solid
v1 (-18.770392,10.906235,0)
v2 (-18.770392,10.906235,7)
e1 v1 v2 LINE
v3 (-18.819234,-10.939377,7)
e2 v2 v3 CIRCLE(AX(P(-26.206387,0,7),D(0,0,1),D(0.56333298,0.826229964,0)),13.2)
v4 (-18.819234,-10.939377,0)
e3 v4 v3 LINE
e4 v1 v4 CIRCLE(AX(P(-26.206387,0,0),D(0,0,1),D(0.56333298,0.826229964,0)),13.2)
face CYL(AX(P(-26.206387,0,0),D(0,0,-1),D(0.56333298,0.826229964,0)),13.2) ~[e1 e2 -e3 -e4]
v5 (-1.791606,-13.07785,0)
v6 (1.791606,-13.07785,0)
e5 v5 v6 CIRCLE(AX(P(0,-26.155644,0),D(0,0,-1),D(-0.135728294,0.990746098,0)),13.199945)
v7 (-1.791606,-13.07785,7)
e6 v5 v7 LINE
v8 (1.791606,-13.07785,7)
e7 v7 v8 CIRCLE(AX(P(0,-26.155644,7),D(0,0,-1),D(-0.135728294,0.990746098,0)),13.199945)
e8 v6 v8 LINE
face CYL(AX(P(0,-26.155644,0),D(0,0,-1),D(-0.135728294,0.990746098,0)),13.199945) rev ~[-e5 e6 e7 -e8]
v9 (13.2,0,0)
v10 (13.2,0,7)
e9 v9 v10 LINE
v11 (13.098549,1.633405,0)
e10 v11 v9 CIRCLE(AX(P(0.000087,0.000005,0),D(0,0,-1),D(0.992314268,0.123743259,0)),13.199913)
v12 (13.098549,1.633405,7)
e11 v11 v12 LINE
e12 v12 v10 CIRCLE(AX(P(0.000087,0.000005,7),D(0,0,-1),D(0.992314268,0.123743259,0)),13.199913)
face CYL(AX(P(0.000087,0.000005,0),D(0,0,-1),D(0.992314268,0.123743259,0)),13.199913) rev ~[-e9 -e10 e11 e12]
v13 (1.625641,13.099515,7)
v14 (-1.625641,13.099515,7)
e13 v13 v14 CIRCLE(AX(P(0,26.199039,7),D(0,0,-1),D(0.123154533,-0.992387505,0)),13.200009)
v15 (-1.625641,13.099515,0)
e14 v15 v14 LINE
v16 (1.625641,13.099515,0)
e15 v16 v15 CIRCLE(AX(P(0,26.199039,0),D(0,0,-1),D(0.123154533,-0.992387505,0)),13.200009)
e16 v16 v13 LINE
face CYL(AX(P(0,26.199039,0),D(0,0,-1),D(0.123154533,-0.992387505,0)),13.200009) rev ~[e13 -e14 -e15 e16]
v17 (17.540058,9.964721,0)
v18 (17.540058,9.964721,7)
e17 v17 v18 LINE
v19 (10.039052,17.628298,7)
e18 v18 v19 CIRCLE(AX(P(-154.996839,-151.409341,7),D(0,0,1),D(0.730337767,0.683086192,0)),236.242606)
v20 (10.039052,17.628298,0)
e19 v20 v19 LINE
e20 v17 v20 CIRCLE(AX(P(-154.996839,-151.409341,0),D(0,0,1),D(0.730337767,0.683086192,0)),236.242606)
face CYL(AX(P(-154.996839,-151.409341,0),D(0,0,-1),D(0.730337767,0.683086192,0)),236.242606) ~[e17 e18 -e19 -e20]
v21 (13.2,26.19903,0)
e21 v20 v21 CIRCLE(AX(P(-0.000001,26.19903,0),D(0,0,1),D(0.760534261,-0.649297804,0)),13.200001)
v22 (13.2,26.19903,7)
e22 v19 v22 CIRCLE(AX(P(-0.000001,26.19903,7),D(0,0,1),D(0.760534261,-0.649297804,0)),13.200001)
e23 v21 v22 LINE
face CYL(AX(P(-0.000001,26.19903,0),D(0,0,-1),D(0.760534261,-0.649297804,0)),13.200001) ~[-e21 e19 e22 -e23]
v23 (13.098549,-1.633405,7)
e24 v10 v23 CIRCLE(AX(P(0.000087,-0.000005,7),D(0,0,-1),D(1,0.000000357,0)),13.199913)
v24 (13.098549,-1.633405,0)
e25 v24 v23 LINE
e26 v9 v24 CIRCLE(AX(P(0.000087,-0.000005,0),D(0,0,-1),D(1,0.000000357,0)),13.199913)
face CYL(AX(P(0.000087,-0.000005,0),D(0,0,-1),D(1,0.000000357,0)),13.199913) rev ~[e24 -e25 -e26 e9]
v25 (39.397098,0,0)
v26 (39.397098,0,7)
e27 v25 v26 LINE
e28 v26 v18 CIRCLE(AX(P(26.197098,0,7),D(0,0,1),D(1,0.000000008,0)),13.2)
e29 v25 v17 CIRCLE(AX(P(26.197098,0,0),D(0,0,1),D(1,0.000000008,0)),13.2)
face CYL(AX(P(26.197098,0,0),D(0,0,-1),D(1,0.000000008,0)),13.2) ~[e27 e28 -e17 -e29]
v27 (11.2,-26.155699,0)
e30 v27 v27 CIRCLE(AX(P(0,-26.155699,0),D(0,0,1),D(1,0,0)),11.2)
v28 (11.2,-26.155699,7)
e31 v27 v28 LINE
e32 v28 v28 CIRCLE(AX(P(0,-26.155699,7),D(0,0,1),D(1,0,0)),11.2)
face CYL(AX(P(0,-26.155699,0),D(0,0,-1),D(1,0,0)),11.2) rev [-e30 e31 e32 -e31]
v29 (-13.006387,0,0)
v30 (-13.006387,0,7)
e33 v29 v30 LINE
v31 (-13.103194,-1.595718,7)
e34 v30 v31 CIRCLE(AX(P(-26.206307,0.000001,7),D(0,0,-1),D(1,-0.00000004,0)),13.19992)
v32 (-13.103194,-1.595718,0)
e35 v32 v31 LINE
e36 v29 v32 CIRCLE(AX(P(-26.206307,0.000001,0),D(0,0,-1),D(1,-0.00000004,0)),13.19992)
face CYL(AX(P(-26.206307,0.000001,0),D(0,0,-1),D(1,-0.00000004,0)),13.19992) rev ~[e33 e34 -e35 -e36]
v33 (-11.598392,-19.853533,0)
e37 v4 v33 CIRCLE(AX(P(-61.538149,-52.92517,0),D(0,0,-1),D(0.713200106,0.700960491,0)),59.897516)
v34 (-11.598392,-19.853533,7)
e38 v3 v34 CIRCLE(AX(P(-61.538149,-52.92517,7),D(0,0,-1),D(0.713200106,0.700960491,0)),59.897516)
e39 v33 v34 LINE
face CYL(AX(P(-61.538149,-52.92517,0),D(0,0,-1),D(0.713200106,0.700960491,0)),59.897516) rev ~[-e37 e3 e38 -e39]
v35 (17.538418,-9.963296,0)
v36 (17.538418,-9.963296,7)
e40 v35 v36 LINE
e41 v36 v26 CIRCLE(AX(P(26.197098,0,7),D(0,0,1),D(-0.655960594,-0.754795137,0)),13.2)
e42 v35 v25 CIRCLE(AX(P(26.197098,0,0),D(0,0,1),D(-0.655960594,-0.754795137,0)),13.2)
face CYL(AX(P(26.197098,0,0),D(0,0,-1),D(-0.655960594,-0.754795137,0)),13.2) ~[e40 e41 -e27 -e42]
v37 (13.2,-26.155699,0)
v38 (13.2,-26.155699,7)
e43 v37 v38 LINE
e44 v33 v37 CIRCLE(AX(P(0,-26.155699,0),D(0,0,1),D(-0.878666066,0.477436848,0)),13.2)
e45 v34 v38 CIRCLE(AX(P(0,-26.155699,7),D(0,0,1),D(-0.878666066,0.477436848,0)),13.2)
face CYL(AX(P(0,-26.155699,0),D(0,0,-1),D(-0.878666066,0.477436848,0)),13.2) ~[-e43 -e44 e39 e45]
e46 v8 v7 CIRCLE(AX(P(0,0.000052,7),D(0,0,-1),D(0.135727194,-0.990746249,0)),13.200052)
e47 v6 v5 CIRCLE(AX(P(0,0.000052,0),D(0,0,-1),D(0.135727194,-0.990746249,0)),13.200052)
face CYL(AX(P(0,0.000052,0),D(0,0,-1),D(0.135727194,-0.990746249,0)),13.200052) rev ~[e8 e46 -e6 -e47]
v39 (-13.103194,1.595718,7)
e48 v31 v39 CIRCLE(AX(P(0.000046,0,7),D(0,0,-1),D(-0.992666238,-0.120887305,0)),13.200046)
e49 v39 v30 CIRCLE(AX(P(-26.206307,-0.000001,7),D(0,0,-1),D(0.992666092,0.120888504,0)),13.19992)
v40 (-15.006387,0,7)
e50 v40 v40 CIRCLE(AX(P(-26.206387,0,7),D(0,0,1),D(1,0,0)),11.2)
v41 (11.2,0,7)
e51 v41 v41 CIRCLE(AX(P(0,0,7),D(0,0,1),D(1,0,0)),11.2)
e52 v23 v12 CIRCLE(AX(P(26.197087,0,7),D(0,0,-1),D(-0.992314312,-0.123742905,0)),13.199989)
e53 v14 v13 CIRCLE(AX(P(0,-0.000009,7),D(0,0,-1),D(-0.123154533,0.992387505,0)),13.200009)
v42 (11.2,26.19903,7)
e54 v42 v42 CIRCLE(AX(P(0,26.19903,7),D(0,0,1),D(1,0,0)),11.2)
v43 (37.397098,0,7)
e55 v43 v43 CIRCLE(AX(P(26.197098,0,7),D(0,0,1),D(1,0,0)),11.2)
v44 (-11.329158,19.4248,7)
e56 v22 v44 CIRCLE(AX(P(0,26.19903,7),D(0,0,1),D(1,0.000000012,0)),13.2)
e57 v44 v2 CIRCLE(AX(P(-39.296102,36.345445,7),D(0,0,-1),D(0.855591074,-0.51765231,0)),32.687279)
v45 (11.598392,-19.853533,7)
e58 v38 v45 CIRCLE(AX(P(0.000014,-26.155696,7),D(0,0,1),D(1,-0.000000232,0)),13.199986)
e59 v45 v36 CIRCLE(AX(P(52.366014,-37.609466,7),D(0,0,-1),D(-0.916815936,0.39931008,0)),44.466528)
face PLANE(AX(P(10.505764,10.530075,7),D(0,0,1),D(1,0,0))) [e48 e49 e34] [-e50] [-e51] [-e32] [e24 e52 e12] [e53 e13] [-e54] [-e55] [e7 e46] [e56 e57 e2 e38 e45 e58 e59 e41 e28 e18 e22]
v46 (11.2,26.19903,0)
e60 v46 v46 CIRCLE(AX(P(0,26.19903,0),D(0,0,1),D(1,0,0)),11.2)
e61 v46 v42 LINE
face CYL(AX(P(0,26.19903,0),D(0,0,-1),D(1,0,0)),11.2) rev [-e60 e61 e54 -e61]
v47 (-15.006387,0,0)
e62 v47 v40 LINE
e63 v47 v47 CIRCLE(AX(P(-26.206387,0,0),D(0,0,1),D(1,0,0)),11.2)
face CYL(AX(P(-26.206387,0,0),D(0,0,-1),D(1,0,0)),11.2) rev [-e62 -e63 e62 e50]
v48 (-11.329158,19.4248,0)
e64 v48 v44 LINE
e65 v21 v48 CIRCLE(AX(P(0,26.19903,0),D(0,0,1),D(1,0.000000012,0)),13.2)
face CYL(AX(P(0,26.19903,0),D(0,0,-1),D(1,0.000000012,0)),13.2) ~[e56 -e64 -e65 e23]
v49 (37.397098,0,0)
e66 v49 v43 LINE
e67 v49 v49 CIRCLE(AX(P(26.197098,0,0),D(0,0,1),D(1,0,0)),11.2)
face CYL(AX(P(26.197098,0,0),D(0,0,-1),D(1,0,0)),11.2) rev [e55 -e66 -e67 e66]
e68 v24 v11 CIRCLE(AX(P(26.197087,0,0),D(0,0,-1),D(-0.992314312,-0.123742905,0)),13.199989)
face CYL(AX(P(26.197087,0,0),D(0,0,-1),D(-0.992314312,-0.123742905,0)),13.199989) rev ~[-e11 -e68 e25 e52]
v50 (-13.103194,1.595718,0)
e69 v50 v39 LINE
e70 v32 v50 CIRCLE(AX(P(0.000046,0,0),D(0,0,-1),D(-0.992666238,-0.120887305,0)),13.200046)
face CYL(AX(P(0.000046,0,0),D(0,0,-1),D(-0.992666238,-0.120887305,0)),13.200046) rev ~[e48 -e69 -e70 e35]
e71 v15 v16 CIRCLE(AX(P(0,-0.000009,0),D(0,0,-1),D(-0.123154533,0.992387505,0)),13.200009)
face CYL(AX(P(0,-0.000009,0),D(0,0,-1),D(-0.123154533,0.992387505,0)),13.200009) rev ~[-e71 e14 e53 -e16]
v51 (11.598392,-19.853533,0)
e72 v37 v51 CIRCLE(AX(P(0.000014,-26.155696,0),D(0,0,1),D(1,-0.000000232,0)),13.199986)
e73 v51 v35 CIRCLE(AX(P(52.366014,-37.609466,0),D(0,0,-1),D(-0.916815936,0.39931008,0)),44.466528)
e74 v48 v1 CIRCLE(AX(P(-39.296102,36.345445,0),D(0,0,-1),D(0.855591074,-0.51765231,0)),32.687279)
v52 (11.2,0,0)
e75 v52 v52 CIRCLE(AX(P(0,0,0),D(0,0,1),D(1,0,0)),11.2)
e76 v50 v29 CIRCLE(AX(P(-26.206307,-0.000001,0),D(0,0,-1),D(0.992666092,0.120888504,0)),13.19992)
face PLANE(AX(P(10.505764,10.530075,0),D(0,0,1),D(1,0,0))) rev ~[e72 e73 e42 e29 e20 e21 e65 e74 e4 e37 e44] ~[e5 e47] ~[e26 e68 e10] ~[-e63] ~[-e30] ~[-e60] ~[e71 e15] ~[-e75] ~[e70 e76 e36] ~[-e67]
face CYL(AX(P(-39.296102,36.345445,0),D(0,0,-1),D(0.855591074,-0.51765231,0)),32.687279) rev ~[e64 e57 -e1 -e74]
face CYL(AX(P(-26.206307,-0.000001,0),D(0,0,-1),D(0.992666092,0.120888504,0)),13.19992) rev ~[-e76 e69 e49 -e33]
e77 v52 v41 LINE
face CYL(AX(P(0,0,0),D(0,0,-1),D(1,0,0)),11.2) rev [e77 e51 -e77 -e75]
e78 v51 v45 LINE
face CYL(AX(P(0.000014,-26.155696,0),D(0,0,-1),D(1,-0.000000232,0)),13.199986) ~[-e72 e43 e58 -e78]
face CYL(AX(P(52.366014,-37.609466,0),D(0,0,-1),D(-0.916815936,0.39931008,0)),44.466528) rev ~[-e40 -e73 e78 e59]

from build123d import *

# Parameters (mm, degrees)
F0_R     = 11.2
F1_DEPTH = 7


with BuildPart() as f1:
    # F0 (on Top) → F1 (new body)
    with BuildSketch(Plane.XY):
        with BuildLine():
            ThreePointArc((1.625641, 13.099515), (9.331043, 9.336575), (13.098549, 1.633405))
            ThreePointArc((13.098549, 1.633405), (14.54896, 6.209741), (17.540058, 9.964721))
            ThreePointArc((17.540058, 9.964721), (13.833044, 13.839076), (10.039052, 17.628298))
            ThreePointArc((10.039052, 17.628298), (6.256496, 14.575938), (1.625641, 13.099515))
        make_face()
        with BuildLine():
            ThreePointArc((13.098549, 1.633405), (13.174613, 0.818276), (13.2, 0))
            ThreePointArc((13.2, 0), (13.174613, -0.818276), (13.098549, -1.633405))
            ThreePointArc((13.098549, -1.633405), (14.548449, -6.208782), (17.538418, -9.963296))
            ThreePointArc((17.538418, -9.963296), (31.671832, -12.011132), (39.397098, 0))
            ThreePointArc((39.397098, 0), (31.672821, 12.010681), (17.540058, 9.964721))
            ThreePointArc((17.540058, 9.964721), (14.54896, 6.209741), (13.098549, 1.633405))
        make_face()
        with Locations((26.197098, 0)):
            Circle(F0_R, mode=Mode.SUBTRACT)
        with BuildLine():
            ThreePointArc((-1.625641, 13.099515), (0, 13.2), (1.625641, 13.099515))
            ThreePointArc((1.625641, 13.099515), (6.256496, 14.575938), (10.039052, 17.628298))
            ThreePointArc((10.039052, 17.628298), (12.384577, 21.631508), (13.2, 26.19903))
            ThreePointArc((13.2, 26.19903), (-3.51391, 38.922726), (-11.329158, 19.4248))
            ThreePointArc((-11.329158, 19.4248), (-7.20826, 15.140956), (-1.625641, 13.099515))
        make_face()
        with Locations((0, 26.19903)):
            Circle(F0_R, mode=Mode.SUBTRACT)
        with BuildLine():
            ThreePointArc((-13.103194, 1.595718), (-9.344462, 9.323144), (-1.625641, 13.099515))
            ThreePointArc((-1.625641, 13.099515), (-7.20826, 15.140956), (-11.329158, 19.4248))
            ThreePointArc((-11.329158, 19.4248), (-14.678509, 14.841206), (-18.770392, 10.906235))
            ThreePointArc((-18.770392, 10.906235), (-14.930927, 6.863235), (-13.103194, 1.595718))
        make_face()
        with BuildLine():
            ThreePointArc((-13.103194, -1.595718), (-13.2, 0), (-13.103194, 1.595718))
            ThreePointArc((-13.103194, 1.595718), (-14.930927, 6.863235), (-18.770392, 10.906235))
            ThreePointArc((-18.770392, 10.906235), (-39.406354, 0.029513), (-18.819234, -10.939377))
            ThreePointArc((-18.819234, -10.939377), (-14.9463, -6.888428), (-13.103194, -1.595718))
        make_face()
        with Locations((-26.206387, 0)):
            Circle(F0_R, mode=Mode.SUBTRACT)
        with BuildLine():
            ThreePointArc((13.098549, -1.633405), (12.997098, 0), (13.098549, 1.633405))
            ThreePointArc((13.098549, 1.633405), (9.331043, 9.336575), (1.625641, 13.099515))
            ThreePointArc((1.625641, 13.099515), (0, 12.99903), (-1.625641, 13.099515))
            ThreePointArc((-1.625641, 13.099515), (-9.344462, 9.323144), (-13.103194, 1.595718))
            ThreePointArc((-13.103194, 1.595718), (-13.030611, 0.799326), (-13.006387, 0))
            ThreePointArc((-13.006387, 0), (-13.030611, -0.799326), (-13.103194, -1.595718))
            ThreePointArc((-13.103194, -1.595718), (-9.403382, -9.263714), (-1.791606, -13.07785))
            ThreePointArc((-1.791606, -13.07785), (0, -12.955699), (1.791606, -13.07785))
            ThreePointArc((1.791606, -13.07785), (9.390048, -9.27723), (13.098549, -1.633405))
        make_face()
        Circle(F0_R, mode=Mode.SUBTRACT)
        with BuildLine():
            ThreePointArc((-11.598392, -19.853533), (-7.503365, -15.295703), (-1.791606, -13.07785))
            ThreePointArc((-1.791606, -13.07785), (-9.403382, -9.263714), (-13.103194, -1.595718))
            ThreePointArc((-13.103194, -1.595718), (-14.9463, -6.888428), (-18.819234, -10.939377))
            ThreePointArc((-18.819234, -10.939377), (-14.994912, -15.223186), (-11.598392, -19.853533))
        make_face()
        with BuildLine():
            ThreePointArc((11.598392, -19.853533), (7.503365, -15.295703), (1.791606, -13.07785))
            ThreePointArc((1.791606, -13.07785), (0, -13.2), (-1.791606, -13.07785))
            ThreePointArc((-1.791606, -13.07785), (-7.503365, -15.295703), (-11.598392, -19.853533))
            ThreePointArc((-11.598392, -19.853533), (-3.251248, -38.949033), (13.2, -26.155699))
            ThreePointArc((13.2, -26.155699), (12.793334, -22.904451), (11.598392, -19.853533))
        make_face()
        with Locations((0, -26.155699)):
            Circle(F0_R, mode=Mode.SUBTRACT)
        with BuildLine():
            ThreePointArc((17.538418, -9.963296), (14.548449, -6.208782), (13.098549, -1.633405))
            ThreePointArc((13.098549, -1.633405), (9.390048, -9.27723), (1.791606, -13.07785))
            ThreePointArc((1.791606, -13.07785), (7.503365, -15.295703), (11.598392, -19.853533))
            ThreePointArc((11.598392, -19.853533), (14.246289, -14.714953), (17.538418, -9.963296))
        make_face()
    extrude(amount=F1_DEPTH)


solid = f1.part
